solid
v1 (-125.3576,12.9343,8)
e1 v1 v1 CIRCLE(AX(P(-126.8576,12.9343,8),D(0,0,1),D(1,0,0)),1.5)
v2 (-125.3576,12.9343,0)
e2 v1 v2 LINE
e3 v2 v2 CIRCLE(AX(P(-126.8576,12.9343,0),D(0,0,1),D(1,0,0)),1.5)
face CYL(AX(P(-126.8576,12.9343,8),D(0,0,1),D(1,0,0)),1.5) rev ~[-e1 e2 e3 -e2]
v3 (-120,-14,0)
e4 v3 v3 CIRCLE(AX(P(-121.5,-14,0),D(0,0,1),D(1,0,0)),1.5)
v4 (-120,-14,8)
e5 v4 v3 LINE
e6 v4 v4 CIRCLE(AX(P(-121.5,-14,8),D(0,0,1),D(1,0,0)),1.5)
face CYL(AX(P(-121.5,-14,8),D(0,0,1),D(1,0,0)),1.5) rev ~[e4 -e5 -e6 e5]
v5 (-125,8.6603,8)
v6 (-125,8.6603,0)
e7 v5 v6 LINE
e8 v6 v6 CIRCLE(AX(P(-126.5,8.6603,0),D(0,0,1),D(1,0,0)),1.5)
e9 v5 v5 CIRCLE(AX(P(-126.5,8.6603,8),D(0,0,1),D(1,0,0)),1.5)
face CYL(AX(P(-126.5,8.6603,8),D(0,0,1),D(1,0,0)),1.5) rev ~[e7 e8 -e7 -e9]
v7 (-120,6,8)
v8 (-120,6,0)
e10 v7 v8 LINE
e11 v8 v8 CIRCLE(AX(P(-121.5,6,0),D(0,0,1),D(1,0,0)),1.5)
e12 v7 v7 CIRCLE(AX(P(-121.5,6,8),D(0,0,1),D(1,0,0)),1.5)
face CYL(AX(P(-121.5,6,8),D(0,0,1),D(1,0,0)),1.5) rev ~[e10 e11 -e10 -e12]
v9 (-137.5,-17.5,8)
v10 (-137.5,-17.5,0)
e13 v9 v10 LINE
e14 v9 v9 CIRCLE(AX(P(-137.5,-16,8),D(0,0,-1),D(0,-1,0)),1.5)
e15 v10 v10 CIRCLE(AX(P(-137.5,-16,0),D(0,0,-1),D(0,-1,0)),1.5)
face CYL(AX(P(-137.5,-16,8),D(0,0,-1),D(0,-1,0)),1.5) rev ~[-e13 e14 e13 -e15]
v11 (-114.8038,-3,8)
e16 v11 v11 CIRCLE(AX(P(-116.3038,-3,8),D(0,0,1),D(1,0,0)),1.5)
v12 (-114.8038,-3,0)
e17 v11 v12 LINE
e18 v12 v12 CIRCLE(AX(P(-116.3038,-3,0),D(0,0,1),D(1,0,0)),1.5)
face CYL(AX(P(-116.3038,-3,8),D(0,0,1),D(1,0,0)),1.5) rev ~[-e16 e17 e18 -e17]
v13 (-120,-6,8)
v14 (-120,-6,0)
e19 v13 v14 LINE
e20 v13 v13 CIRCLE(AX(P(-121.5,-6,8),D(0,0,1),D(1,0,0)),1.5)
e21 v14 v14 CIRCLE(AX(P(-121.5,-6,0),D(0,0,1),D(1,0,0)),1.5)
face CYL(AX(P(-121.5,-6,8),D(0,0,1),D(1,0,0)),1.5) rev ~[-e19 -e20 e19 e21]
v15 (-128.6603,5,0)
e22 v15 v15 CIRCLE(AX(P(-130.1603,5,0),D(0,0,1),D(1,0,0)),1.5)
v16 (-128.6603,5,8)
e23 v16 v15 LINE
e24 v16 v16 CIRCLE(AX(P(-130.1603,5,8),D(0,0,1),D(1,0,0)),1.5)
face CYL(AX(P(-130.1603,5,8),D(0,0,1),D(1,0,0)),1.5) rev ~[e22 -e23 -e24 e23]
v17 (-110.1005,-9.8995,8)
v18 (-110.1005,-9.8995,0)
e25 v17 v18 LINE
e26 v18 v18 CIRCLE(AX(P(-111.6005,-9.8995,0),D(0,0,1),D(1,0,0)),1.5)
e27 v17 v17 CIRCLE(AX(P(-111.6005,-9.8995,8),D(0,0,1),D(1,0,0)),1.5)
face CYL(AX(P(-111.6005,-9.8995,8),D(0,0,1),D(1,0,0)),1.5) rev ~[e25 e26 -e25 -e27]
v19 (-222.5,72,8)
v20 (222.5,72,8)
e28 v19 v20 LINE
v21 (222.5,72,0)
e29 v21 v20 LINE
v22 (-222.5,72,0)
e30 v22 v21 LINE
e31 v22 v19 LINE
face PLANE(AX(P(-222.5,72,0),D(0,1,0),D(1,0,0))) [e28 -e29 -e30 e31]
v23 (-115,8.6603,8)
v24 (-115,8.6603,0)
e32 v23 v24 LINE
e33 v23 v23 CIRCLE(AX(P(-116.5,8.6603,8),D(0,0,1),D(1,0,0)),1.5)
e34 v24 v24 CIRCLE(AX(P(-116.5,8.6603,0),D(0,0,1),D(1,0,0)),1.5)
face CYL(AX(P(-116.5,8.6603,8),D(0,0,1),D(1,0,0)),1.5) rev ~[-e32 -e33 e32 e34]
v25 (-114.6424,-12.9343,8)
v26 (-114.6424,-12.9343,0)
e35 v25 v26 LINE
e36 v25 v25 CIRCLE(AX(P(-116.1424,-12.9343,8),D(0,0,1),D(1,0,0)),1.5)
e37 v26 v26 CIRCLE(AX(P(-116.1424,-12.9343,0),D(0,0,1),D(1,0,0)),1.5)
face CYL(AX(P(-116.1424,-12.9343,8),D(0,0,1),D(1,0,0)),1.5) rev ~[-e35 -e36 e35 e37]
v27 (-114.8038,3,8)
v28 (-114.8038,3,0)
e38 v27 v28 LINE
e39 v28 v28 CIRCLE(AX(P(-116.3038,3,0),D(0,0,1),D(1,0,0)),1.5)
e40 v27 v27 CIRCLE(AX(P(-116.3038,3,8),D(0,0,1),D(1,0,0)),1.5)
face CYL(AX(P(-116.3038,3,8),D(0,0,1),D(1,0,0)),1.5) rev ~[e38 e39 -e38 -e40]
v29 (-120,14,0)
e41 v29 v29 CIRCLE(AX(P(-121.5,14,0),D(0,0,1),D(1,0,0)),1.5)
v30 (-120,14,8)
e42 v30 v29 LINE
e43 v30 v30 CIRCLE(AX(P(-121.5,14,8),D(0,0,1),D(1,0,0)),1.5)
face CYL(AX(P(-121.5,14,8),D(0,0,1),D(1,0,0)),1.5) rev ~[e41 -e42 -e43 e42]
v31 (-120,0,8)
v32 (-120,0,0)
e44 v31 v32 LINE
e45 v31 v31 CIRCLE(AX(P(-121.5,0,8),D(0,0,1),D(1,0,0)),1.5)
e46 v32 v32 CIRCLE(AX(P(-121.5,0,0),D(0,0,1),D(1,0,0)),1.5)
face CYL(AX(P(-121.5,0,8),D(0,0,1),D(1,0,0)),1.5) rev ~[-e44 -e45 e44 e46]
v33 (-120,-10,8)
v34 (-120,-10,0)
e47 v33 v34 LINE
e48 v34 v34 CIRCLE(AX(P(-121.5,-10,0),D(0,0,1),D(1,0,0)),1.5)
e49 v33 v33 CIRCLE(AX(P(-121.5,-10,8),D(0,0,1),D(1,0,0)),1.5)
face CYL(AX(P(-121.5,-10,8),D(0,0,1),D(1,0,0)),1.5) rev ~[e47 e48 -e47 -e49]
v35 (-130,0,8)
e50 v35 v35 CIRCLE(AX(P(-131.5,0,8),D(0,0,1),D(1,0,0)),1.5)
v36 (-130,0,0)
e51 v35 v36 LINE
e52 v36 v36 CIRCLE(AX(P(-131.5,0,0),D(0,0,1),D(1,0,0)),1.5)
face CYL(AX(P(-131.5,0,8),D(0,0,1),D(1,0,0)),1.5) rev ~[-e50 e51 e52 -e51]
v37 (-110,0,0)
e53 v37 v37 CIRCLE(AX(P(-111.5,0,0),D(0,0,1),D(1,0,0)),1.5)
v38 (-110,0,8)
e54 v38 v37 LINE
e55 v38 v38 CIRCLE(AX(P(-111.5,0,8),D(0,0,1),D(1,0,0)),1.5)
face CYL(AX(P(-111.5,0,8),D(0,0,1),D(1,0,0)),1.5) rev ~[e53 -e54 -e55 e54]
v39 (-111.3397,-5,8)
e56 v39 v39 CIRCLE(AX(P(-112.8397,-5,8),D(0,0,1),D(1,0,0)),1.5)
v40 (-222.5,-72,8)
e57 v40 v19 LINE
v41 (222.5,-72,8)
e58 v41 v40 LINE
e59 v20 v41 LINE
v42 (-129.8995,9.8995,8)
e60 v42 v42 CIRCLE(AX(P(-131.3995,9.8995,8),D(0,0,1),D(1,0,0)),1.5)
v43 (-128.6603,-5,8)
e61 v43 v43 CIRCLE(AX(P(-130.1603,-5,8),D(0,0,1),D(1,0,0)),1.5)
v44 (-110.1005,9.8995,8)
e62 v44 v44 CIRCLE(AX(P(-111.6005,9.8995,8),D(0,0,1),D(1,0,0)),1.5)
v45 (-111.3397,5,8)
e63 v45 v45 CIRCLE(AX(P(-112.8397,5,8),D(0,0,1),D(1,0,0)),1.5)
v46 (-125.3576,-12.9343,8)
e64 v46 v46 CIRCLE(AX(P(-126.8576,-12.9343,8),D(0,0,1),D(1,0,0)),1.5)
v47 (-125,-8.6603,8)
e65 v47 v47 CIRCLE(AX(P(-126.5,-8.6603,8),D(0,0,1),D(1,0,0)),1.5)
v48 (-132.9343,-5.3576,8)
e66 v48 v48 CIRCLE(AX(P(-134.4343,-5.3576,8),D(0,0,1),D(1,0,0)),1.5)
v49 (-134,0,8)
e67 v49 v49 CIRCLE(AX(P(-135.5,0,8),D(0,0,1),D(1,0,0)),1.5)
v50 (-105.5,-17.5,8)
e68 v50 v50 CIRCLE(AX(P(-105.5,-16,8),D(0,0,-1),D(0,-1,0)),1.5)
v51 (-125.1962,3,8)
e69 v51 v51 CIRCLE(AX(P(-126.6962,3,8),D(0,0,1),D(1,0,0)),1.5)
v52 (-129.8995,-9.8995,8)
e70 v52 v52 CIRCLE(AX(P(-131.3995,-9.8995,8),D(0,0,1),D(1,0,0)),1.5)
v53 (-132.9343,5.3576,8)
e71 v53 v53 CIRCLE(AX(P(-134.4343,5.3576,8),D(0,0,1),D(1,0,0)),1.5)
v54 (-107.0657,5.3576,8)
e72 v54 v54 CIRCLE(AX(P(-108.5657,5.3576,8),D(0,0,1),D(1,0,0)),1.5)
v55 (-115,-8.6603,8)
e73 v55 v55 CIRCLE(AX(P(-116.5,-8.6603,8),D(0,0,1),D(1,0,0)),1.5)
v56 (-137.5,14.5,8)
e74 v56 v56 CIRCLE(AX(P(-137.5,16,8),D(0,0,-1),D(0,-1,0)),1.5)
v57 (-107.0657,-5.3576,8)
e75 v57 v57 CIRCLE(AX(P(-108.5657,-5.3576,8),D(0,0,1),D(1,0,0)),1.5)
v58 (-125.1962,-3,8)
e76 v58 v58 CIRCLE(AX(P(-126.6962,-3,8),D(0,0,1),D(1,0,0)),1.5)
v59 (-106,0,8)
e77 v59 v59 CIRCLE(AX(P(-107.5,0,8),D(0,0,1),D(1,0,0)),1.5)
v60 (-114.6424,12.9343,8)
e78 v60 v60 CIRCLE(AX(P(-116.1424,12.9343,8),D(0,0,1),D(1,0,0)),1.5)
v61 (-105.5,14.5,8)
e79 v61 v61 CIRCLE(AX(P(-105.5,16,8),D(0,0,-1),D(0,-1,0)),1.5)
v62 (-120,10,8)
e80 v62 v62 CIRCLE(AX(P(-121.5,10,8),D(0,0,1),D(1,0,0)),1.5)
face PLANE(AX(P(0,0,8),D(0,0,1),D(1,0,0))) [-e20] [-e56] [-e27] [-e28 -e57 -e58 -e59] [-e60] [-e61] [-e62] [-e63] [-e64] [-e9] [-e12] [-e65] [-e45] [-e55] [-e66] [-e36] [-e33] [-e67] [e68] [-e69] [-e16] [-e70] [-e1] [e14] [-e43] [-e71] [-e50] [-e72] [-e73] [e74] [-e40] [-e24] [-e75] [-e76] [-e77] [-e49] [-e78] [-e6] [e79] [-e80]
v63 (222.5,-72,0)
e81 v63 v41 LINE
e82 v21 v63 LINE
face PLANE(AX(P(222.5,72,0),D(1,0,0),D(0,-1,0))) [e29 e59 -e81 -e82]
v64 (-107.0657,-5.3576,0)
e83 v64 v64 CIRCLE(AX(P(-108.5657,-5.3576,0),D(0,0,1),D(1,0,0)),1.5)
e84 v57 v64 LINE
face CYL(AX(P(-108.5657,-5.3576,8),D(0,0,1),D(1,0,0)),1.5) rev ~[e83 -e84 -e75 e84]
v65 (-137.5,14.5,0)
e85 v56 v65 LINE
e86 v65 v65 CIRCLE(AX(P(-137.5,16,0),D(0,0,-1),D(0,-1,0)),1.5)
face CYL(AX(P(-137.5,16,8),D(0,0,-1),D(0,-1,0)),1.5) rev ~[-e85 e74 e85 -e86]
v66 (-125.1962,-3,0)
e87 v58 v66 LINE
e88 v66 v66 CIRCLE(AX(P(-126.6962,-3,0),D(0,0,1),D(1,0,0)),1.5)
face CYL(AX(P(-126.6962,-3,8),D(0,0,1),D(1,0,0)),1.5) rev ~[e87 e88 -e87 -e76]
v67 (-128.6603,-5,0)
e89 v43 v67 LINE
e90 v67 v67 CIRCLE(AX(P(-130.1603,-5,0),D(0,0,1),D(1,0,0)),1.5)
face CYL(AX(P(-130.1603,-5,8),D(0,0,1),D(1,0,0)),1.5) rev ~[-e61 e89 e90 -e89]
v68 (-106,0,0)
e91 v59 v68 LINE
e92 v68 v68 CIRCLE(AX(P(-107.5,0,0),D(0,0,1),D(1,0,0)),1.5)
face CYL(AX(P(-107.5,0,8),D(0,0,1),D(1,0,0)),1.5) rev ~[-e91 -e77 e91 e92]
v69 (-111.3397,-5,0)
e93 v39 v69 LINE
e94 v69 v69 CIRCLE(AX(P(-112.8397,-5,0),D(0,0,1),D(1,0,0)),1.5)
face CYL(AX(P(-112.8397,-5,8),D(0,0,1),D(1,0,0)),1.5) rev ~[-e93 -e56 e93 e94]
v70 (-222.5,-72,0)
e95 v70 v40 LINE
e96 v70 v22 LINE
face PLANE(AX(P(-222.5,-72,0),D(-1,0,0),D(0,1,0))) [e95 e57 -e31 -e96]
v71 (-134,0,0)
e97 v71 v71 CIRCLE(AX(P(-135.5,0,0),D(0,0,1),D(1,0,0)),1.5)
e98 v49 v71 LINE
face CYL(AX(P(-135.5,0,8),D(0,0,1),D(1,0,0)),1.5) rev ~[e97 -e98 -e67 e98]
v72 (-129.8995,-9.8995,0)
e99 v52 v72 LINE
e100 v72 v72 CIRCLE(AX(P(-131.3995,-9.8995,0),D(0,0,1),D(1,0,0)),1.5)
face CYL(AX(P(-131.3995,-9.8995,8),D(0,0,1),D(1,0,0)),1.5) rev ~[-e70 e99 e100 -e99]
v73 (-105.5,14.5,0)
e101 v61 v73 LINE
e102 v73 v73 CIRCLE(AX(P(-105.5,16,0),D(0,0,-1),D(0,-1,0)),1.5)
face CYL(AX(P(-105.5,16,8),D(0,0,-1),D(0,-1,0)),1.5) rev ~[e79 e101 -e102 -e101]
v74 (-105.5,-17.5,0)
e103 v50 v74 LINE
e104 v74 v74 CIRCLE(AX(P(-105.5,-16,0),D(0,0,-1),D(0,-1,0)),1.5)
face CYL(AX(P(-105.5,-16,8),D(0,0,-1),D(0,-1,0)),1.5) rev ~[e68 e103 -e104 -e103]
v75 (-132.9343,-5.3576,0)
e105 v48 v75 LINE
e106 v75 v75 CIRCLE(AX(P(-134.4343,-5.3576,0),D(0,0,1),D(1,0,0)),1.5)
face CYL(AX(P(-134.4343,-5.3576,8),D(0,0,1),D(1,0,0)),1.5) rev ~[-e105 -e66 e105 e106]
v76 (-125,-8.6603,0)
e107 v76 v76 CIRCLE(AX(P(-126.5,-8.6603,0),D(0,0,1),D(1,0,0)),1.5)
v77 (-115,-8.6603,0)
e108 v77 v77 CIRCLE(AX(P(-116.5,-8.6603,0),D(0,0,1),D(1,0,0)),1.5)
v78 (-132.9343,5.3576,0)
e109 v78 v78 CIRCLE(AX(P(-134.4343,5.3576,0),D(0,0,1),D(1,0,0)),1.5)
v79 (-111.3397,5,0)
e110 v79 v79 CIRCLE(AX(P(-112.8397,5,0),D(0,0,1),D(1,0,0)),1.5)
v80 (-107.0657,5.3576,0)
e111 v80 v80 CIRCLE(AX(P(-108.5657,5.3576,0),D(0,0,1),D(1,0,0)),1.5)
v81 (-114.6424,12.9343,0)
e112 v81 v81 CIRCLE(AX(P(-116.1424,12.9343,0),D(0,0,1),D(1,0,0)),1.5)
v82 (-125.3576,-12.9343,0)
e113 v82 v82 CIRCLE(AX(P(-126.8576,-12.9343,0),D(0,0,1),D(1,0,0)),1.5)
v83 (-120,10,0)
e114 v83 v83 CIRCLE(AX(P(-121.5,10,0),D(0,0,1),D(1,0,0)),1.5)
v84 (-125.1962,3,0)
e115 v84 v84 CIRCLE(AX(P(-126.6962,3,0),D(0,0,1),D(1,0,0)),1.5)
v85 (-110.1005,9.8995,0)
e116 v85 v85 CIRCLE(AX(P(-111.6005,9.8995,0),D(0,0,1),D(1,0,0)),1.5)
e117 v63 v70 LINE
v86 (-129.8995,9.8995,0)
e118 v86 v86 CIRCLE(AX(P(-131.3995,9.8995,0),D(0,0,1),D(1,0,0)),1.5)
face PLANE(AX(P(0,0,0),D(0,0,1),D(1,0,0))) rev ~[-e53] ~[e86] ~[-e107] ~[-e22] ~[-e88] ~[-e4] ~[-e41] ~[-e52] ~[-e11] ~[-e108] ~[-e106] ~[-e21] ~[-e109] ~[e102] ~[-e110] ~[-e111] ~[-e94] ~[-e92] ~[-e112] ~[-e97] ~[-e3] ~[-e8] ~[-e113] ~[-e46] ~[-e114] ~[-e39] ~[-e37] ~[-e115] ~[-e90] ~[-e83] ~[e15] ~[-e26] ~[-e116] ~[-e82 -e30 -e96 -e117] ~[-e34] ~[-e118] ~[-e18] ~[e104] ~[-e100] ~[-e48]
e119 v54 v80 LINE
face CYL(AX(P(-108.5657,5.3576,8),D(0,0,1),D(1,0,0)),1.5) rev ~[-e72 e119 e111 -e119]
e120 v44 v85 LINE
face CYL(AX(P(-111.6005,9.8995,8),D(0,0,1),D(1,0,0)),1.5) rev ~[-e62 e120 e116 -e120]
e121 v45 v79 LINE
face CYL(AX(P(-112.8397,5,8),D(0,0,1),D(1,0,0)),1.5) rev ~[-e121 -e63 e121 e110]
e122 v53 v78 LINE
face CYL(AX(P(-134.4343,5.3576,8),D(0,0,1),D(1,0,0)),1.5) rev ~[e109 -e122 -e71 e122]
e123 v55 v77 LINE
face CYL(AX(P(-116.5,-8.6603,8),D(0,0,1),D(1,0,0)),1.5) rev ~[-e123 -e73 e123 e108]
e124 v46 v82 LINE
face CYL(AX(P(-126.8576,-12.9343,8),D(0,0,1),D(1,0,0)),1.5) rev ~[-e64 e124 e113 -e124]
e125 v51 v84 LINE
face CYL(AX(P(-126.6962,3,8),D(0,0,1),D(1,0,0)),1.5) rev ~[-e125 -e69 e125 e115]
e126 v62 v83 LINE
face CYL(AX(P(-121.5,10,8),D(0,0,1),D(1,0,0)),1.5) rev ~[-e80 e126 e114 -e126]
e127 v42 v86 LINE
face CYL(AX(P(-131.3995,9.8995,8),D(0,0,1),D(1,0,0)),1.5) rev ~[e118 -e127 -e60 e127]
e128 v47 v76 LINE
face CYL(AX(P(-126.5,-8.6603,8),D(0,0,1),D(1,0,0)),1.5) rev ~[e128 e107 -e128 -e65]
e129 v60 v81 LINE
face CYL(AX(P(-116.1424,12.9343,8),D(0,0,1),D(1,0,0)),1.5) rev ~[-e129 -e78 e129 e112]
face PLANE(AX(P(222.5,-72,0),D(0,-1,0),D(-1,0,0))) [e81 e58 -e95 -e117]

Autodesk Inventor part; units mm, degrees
ref_plane "YZ Plane" through (0, 0, 0) normal (1, 0, 0) x (0, 1, 0)
ref_plane "XZ Plane" through (0, 0, 0) normal (0, 1, 0) x (-1, 0, 0)
ref_plane "XY Plane" through (0, 0, 0) normal (0, 0, 1) x (1, 0, 0)
sketch "Sketch1" plane through (0, 0, 0) normal (0, 0, 1) x (1, 0, 0)
  line L0 (-222.5, 72) -> (222.5, 72)
  line L1 (222.5, 72) -> (222.5, -72)
  line L2 (222.5, -72) -> (-222.5, -72)
  line L3 (-222.5, -72) -> (-222.5, 72)
  point P0 (0, 0)
  dimension "d0" = 445
  dimension "d1" = 144
  dimension "d2" = 72
  dimension "d3" = 222.5
extrude "Extrusion1" add sketch "Sketch1" along normal blind 8
hole "Hole1" at (-137.5, 16, 8) direction (0, 0, -1) diameter 3 end through all
pattern_linear "Rectangular Pattern1" count 2 spacing 32 along (0, -1, 0) count 2 spacing 32 along (1, 0, 0) of "Hole1"
sketch "Sketch2" plane through (0, 0, 8) normal (0, 0, 1) x (1, 0, 0)
  circle A0 centre (-121.5, 0) radius 1.5
  line L0 (-222.5, 72) -> (-222.5, -72) projected
  circle A1 centre (-121.5, 6) radius 1.5
  circle A2 centre (-126.6962, 3) radius 1.5
  circle A3 centre (-126.6962, -3) radius 1.5
  circle A4 centre (-121.5, -6) radius 1.5
  circle A5 centre (-116.3038, -3) radius 1.5
  circle A6 centre (-116.3038, 3) radius 1.5
  circle A7 centre (-121.5, 10) radius 1.5
  circle A8 centre (-126.5, 8.6603) radius 1.5
  circle A9 centre (-130.1603, 5) radius 1.5
  circle A10 centre (-131.5, 0) radius 1.5
  circle A11 centre (-130.1603, -5) radius 1.5
  circle A12 centre (-126.5, -8.6603) radius 1.5
  circle A13 centre (-121.5, -10) radius 1.5
  circle A14 centre (-116.5, -8.6603) radius 1.5
  circle A15 centre (-112.8397, -5) radius 1.5
  circle A16 centre (-111.5, 0) radius 1.5
  circle A17 centre (-112.8397, 5) radius 1.5
  circle A18 centre (-116.5, 8.6603) radius 1.5
  circle A19 centre (-121.5, 14) radius 1.5
  circle A20 centre (-126.8576, 12.9343) radius 1.5
  circle A21 centre (-131.3995, 9.8995) radius 1.5
  circle A22 centre (-134.4343, 5.3576) radius 1.5
  circle A23 centre (-135.5, 0) radius 1.5
  circle A24 centre (-134.4343, -5.3576) radius 1.5
  circle A25 centre (-131.3995, -9.8995) radius 1.5
  circle A26 centre (-126.8576, -12.9343) radius 1.5
  circle A27 centre (-121.5, -14) radius 1.5
  circle A28 centre (-116.1424, -12.9343) radius 1.5
  circle A29 centre (-111.6005, -9.8995) radius 1.5
  circle A30 centre (-108.5657, -5.3576) radius 1.5
  circle A31 centre (-107.5, 0) radius 1.5
  circle A32 centre (-108.5657, 5.3576) radius 1.5
  circle A33 centre (-111.6005, 9.8995) radius 1.5
  circle A34 centre (-116.1424, 12.9343) radius 1.5
  point P0 (0, 0)
  dimension "d21" = 3
  dimension "d22" = 101
  dimension "d23" = 3
  dimension "d24" = 6
  dimension "d27" = 360
  dimension "d29" = 3
  dimension "d30" = 10
  dimension "d33" = 360
  dimension "d35" = 3
  dimension "d36" = 14
  dimension "d39" = 360
extrude "Extrusion2" cut sketch "Sketch2" against normal through all
equation "\"d2\" = 0.5 * d1"
equation "\"d3\" = 0.5 * d0"
properties part number "placa verticala pompa vid"
